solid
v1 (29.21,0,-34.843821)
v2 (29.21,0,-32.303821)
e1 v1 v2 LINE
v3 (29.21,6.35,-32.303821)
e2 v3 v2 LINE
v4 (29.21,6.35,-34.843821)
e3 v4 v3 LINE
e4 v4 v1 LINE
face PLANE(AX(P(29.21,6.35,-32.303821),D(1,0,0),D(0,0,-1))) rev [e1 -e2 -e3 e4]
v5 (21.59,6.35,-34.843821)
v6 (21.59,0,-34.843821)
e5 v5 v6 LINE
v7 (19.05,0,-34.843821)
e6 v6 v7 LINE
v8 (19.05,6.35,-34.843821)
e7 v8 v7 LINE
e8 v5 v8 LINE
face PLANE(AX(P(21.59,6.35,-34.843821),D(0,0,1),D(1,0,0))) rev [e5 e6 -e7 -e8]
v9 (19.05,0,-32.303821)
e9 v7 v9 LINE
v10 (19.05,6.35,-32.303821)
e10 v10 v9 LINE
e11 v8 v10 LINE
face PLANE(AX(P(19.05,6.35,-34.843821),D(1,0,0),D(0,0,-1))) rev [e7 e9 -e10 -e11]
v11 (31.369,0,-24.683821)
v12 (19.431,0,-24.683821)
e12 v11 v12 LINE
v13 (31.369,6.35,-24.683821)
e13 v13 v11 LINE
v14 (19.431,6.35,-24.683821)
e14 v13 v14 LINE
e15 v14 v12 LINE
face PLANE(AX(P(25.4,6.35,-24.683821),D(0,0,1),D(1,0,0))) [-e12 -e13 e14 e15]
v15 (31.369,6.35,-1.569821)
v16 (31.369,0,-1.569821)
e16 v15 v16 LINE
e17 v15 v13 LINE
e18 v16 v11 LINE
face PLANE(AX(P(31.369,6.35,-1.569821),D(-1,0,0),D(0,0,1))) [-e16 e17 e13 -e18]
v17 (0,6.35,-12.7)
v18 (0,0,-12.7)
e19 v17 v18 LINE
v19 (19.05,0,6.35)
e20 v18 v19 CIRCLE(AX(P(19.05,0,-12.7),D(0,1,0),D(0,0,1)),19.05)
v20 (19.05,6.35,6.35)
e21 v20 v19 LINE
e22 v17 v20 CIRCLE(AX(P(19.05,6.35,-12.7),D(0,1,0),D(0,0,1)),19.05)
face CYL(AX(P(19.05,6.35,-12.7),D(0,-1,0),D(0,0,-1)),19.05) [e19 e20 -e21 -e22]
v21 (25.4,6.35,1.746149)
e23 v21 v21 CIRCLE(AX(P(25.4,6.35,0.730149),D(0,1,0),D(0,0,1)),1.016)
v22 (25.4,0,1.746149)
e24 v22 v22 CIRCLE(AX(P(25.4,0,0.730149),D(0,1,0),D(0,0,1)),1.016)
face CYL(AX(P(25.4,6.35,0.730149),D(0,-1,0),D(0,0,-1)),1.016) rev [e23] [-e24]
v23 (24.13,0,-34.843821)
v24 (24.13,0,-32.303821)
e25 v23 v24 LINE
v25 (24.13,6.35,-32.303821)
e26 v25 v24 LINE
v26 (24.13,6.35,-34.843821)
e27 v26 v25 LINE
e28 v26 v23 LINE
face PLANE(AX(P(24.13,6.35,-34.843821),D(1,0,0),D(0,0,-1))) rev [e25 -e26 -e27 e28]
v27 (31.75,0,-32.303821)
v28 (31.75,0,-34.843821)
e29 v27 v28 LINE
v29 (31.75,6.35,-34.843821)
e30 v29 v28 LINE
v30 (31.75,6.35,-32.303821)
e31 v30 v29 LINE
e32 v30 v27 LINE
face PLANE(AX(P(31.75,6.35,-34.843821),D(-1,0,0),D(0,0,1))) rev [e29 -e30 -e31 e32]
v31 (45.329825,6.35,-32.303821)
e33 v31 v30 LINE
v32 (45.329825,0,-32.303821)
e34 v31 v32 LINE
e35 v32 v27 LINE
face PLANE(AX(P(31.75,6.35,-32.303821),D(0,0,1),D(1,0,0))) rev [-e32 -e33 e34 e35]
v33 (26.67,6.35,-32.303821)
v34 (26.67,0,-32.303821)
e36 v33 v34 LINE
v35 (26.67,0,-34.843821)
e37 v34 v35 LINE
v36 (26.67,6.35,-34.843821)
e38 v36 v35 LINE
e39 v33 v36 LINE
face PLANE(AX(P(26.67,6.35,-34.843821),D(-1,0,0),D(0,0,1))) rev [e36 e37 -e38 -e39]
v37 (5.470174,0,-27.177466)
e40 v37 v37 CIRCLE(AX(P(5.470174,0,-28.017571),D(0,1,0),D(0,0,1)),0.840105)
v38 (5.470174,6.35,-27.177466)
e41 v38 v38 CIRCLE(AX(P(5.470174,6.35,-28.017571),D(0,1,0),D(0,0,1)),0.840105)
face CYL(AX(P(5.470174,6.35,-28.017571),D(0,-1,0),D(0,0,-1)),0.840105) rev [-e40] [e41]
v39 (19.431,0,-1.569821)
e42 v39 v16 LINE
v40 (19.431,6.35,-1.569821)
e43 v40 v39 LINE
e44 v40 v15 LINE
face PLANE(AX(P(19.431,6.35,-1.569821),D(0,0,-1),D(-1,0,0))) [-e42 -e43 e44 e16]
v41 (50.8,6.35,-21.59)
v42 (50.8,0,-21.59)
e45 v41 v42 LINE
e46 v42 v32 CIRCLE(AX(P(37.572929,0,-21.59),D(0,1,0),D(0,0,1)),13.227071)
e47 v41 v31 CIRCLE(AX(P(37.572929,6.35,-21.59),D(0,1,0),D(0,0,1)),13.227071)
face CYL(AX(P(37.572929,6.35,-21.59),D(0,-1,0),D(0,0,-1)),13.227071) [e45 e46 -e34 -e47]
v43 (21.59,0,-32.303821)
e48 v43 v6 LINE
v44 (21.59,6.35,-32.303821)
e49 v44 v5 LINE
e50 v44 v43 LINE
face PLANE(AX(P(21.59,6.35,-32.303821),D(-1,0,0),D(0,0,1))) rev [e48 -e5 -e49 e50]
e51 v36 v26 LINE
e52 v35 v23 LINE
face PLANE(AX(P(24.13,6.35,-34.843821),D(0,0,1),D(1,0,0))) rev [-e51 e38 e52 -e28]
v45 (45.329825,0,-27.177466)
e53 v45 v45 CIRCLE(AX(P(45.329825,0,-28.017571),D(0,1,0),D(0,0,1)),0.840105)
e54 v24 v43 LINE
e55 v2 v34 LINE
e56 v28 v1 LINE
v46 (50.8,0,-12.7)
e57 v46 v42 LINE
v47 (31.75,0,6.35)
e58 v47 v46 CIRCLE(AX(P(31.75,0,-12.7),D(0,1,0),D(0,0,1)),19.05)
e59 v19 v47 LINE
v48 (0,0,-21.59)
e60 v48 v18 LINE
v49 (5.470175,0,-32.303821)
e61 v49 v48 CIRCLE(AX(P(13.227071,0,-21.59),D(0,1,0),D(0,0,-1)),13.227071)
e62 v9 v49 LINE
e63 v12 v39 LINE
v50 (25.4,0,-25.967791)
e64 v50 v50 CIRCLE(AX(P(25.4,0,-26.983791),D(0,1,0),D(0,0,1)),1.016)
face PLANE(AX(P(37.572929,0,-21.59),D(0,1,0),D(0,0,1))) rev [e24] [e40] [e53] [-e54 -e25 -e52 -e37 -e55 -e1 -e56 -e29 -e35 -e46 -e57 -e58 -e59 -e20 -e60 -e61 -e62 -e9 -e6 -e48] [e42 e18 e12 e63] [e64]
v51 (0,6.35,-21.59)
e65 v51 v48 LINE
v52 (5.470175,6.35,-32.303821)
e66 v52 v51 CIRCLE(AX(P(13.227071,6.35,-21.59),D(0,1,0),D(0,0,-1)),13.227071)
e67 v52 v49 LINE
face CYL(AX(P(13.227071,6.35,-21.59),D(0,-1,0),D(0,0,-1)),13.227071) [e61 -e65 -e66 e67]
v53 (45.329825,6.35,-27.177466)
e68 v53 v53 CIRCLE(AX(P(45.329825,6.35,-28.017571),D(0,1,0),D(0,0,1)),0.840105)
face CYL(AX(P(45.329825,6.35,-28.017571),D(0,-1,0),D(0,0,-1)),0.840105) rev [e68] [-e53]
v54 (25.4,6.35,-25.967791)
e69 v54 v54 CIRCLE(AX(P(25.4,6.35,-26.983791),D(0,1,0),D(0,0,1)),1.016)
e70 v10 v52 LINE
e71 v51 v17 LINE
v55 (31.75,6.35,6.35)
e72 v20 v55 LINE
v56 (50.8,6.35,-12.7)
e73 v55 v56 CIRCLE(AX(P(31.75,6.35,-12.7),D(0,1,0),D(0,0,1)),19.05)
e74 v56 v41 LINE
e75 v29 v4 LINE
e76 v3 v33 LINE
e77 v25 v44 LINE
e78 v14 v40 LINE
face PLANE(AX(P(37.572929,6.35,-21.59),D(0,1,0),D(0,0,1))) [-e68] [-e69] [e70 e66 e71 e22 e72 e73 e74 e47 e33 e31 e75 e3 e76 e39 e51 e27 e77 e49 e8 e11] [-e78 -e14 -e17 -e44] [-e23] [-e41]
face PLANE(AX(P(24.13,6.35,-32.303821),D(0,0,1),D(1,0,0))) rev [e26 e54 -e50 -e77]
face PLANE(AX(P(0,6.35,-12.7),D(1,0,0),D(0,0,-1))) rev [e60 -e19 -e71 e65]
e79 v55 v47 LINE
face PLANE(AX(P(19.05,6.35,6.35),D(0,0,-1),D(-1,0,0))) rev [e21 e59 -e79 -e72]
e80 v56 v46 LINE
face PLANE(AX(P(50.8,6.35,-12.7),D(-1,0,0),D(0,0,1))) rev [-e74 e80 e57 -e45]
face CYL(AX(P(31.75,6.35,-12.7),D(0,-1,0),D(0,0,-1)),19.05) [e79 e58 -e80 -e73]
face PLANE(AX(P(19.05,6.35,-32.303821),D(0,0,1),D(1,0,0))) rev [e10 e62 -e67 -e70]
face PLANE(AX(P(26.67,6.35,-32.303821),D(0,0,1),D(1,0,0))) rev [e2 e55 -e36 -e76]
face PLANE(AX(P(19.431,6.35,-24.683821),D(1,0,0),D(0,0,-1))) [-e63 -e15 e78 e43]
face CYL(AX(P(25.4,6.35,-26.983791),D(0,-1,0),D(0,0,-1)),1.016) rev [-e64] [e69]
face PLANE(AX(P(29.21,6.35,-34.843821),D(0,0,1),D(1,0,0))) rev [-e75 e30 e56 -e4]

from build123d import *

# Parameters (mm, degrees)
SKETCH2_R           = 0.840105
SKETCH2_R_2         = 1.016
BOSS_EXTRUDE2_DEPTH = 6.35


with BuildPart() as part:
    # Sketch2 → Boss-Extrude2 (new body)
    with BuildSketch(Plane(origin=(0, 0, 0), x_dir=(1, 0, 0), z_dir=(0, 1, 0))):
        with BuildLine():
            Line((19.05, -6.35), (31.75, -6.35))
            ThreePointArc((31.75, -6.35), (45.220384182, -0.770384182), (50.8, 12.7))
            Line((50.8, 12.7), (50.8, 21.59))
            ThreePointArc((50.8, 21.59), (49.353345536, 27.604748069), (45.329825459, 32.303821346))
            Line((45.329825459, 32.303821346), (31.75, 32.303821346))
            Line((31.75, 32.303821346), (31.75, 34.843821346))
            Line((31.75, 34.843821346), (29.21, 34.843821346))
            Line((29.21, 34.843821346), (29.21, 32.303821346))
            Line((29.21, 32.303821346), (26.67, 32.303821346))
            Line((26.67, 32.303821346), (26.67, 34.843821346))
            Line((26.67, 34.843821346), (24.13, 34.843821346))
            Line((24.13, 34.843821346), (24.13, 32.303821346))
            Line((24.13, 32.303821346), (21.59, 32.303821346))
            Line((21.59, 32.303821346), (21.59, 34.843821346))
            Line((21.59, 34.843821346), (19.05, 34.843821346))
            Line((19.05, 34.843821346), (19.05, 32.303821346))
            Line((19.05, 32.303821346), (5.470174541, 32.303821346))
            ThreePointArc((5.470174541, 32.303821346), (1.446654464, 27.604748069), (0, 21.59))
            Line((0, 21.59), (0, 12.7))
            ThreePointArc((0, 12.7), (5.579615818, -0.770384182), (19.05, -6.35))
        make_face()
        with Locations((45.329825459, 28.017571346)):
            Circle(SKETCH2_R, mode=Mode.SUBTRACT)
        with Locations((25.4, 26.983791346)):
            Circle(SKETCH2_R_2, mode=Mode.SUBTRACT)
        with Locations((5.47017448, 28.017571346)):
            Circle(SKETCH2_R, mode=Mode.SUBTRACT)
        with Locations((25.4, -0.730148654)):
            Circle(SKETCH2_R_2, mode=Mode.SUBTRACT)
        Polygon((25.4, 24.683821346), (31.369, 24.683821346), (31.369, 1.569821346), (19.431, 1.569821346), (19.431, 24.683821346), align=None, mode=Mode.SUBTRACT)
    extrude(amount=BOSS_EXTRUDE2_DEPTH)


solid = part.part
